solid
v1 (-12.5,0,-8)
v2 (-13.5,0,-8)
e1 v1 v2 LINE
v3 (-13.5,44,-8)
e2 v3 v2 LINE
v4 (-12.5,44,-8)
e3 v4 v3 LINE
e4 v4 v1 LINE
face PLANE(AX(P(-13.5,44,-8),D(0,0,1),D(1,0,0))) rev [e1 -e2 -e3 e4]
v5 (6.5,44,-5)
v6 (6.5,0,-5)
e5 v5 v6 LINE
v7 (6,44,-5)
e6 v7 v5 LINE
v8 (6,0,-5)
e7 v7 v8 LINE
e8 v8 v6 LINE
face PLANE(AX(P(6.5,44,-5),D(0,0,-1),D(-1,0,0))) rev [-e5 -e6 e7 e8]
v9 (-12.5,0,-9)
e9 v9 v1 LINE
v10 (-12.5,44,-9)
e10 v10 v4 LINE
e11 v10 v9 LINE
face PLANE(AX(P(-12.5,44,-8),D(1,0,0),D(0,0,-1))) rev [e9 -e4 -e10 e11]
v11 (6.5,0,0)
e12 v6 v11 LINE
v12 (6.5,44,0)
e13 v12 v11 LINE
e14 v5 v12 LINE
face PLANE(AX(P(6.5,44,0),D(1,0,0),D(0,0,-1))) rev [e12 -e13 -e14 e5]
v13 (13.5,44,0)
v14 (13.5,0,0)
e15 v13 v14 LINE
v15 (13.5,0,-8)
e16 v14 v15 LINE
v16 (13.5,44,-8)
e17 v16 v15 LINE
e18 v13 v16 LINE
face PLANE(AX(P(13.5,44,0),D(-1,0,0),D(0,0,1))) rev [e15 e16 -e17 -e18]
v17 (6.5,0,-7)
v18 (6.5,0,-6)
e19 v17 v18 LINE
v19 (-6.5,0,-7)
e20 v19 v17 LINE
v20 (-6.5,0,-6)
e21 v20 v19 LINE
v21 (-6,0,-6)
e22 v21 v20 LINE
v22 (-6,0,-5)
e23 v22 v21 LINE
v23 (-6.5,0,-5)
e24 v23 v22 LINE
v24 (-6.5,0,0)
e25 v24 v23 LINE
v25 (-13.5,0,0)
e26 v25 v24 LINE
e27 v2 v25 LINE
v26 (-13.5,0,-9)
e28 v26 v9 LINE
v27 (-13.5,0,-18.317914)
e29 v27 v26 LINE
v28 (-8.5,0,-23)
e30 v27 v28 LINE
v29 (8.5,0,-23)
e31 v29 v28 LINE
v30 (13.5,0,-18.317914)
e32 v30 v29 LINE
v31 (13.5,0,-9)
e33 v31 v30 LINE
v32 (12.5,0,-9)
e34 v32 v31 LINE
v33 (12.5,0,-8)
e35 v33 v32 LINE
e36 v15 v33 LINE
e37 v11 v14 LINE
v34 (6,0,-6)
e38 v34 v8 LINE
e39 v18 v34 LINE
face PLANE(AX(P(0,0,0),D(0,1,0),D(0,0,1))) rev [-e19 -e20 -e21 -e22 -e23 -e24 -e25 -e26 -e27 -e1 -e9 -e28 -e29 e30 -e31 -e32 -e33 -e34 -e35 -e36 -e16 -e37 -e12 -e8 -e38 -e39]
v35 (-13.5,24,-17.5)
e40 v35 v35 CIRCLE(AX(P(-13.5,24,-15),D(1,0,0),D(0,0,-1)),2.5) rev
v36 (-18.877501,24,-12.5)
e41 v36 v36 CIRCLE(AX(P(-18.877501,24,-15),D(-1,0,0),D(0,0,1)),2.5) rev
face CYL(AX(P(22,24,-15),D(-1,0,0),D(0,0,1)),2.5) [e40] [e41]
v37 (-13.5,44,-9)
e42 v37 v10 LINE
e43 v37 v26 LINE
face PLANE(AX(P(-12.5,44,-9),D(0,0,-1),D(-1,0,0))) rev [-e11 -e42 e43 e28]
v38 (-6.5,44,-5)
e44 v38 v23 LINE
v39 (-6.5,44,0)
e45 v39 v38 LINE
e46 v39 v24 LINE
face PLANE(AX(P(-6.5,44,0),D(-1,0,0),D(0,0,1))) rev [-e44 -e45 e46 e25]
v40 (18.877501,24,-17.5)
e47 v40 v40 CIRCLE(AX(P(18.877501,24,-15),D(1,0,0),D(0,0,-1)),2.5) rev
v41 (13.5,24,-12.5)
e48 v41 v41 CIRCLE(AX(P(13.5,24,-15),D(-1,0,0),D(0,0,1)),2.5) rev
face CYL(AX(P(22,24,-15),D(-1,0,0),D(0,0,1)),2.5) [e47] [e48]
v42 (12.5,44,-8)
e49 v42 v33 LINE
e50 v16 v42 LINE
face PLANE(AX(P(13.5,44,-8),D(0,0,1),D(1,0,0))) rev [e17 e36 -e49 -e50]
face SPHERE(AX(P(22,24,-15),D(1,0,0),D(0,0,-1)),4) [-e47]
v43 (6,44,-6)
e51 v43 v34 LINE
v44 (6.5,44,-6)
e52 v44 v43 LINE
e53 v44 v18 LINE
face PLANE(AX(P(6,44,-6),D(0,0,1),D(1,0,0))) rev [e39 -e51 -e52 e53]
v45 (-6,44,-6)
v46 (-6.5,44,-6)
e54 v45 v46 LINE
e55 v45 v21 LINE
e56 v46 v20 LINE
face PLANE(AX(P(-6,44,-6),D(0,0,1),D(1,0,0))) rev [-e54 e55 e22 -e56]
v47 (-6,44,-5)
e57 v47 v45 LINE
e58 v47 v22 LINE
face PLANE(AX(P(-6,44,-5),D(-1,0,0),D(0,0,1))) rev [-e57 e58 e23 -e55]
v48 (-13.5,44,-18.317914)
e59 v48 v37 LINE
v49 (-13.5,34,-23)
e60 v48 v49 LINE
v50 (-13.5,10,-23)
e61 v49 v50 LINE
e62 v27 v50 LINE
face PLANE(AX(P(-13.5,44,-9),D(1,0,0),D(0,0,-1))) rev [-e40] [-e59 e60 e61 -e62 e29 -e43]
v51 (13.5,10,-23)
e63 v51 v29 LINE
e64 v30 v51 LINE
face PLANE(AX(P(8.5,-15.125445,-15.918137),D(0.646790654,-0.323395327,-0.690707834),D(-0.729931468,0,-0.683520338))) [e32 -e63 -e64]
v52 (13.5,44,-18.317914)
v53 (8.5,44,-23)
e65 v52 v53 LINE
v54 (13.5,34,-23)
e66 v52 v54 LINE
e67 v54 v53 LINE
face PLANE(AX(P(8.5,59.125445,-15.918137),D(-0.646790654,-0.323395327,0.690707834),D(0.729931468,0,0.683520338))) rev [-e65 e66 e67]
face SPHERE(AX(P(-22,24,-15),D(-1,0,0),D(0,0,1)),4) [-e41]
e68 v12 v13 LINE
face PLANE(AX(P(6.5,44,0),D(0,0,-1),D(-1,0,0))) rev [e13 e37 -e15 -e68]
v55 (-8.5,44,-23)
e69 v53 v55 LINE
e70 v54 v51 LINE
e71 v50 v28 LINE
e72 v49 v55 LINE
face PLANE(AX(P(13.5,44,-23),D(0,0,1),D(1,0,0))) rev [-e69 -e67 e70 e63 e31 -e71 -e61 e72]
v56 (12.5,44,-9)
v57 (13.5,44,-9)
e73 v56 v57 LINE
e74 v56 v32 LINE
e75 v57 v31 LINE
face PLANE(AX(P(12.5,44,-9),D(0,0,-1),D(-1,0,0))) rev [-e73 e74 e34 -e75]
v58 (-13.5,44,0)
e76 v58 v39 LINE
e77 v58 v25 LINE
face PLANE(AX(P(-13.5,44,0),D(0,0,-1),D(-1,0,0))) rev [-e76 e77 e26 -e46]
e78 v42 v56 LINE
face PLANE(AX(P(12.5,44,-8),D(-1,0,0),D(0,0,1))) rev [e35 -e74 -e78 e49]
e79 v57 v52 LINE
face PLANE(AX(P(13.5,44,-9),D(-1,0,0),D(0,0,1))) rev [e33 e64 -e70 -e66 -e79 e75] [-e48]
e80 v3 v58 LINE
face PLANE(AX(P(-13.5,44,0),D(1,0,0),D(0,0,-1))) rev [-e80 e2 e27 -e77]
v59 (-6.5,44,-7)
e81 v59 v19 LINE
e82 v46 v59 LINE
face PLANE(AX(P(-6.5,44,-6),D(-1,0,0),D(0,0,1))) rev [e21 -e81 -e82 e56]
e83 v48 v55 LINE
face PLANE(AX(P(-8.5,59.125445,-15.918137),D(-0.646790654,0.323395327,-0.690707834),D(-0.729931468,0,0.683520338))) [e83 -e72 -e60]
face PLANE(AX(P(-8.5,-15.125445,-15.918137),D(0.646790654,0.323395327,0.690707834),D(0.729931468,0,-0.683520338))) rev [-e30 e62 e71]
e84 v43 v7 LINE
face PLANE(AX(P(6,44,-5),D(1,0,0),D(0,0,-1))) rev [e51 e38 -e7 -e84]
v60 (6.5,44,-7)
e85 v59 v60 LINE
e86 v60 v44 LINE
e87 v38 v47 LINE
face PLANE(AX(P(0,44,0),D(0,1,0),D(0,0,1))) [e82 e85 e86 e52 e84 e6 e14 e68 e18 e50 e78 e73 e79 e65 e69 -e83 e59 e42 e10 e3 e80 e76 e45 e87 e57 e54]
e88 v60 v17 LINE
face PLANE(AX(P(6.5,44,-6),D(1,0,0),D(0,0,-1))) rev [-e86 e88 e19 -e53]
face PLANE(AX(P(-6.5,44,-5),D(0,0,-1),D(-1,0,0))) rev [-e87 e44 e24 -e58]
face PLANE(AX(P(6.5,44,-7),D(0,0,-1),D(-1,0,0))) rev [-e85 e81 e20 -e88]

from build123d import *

# Parameters (mm, degrees)
EXTRUDE_1_DEPTH = 44
SKETCH_4_R      = 2.5
EXTRUDE_2_DEPTH = 22


with BuildPart() as part:
    # 草圖1 → 填料-伸長1 (new body)
    with BuildSketch(Plane(origin=(0, 0, 0), x_dir=(1, 0, 0), z_dir=(0, 1, 0))):
        Polygon((-13.5, 0), (-6.5, 0), (-6.5, 5), (-6, 5), (-6, 6), (-6.5, 6), (-6.5, 7), (6.5, 7), (6.5, 6), (6, 6), (6, 5), (6.5, 5), (6.5, 0), (13.5, 0), (13.5, 8), (12.5, 8), (12.5, 9), (13.5, 9), (13.5, 23), (-13.5, 23), (-13.5, 9), (-12.5, 9), (-12.5, 8), (-13.5, 8), align=None)
    extrude(amount=EXTRUDE_1_DEPTH)

    # 除料-掃出1: sweep along a path in 草圖3
    with BuildLine(Plane(origin=(13.5, 0, 0), x_dir=(0, 0, -1), z_dir=(1, 0, 0))) as sweep_1_path:
        Line((23, 34), (18.317914301, 44))
    # 草圖2 → 除料-掃出1 (sweep, cut)
    with BuildSketch(Plane(origin=(0, 0, -23), x_dir=(-1, 0, 0), z_dir=(0, 0, -1))):
        Polygon((-13.5, 44), (-8.5, 44), (-13.5, 34), align=None)
    sweep_1 = sweep(path=sweep_1_path.line, mode=Mode.SUBTRACT)

    # 鏡射1: 除料-掃出1 across plane
    add(sweep_1.mirror(Plane(origin=(0, 0, 0), x_dir=(0, 0, 1), z_dir=(1, 0, 0))), mode=Mode.SUBTRACT)

    # 鏡射2: 除料-掃出1 across plane
    add(sweep_1.mirror(Plane(origin=(0, 22, 0), x_dir=(0, 0, 1), z_dir=(0, -1, 0))), mode=Mode.SUBTRACT)

    # 鏡射2 copy 1: sweep along a path in 鏡射2 copy 1 path
    with BuildLine(Plane(origin=(-13.5, 44, 0), x_dir=(0, 0, -1), z_dir=(-1, 0, 0))) as mirror_2_copy_1_path:
        Line((23, 34), (18.317914301, 44))
    # 鏡射2 copy 1 sketch → 鏡射2 copy 1 (sweep, cut)
    with BuildSketch(Plane(origin=(0, 44, -23), x_dir=(1, 0, 0), z_dir=(0, 0, -1))):
        Polygon((-13.5, 44), (-8.5, 44), (-13.5, 34), align=None)
    sweep(path=mirror_2_copy_1_path.line, mode=Mode.SUBTRACT)

    # 草圖4 → 填料-伸長2 (add, symmetric)
    with BuildSketch(Plane(origin=(0, 0, 0), x_dir=(0, 0, -1), z_dir=(1, 0, 0))):
        with Locations((15, 24)):
            Circle(SKETCH_4_R)
    extrude(amount=EXTRUDE_2_DEPTH, both=True)

    # 草圖5 → 旋轉1 (revolve)
    with BuildSketch(Plane(origin=(22, 0, 0), x_dir=(0, 0, -1), z_dir=(1, 0, 0))):
        with BuildLine():
            Line((15, 28), (15, 20))
            ThreePointArc((15, 20), (19, 24), (15, 28))
        make_face()
    revolve_1 = revolve(axis=Axis((22, 24, -15), (0, 1, 0)))

    # 鏡射3: 旋轉1 across plane
    add(revolve_1.mirror(Plane(origin=(0, 0, 0), x_dir=(0, 0, 1), z_dir=(1, 0, 0))))


solid = part.part
